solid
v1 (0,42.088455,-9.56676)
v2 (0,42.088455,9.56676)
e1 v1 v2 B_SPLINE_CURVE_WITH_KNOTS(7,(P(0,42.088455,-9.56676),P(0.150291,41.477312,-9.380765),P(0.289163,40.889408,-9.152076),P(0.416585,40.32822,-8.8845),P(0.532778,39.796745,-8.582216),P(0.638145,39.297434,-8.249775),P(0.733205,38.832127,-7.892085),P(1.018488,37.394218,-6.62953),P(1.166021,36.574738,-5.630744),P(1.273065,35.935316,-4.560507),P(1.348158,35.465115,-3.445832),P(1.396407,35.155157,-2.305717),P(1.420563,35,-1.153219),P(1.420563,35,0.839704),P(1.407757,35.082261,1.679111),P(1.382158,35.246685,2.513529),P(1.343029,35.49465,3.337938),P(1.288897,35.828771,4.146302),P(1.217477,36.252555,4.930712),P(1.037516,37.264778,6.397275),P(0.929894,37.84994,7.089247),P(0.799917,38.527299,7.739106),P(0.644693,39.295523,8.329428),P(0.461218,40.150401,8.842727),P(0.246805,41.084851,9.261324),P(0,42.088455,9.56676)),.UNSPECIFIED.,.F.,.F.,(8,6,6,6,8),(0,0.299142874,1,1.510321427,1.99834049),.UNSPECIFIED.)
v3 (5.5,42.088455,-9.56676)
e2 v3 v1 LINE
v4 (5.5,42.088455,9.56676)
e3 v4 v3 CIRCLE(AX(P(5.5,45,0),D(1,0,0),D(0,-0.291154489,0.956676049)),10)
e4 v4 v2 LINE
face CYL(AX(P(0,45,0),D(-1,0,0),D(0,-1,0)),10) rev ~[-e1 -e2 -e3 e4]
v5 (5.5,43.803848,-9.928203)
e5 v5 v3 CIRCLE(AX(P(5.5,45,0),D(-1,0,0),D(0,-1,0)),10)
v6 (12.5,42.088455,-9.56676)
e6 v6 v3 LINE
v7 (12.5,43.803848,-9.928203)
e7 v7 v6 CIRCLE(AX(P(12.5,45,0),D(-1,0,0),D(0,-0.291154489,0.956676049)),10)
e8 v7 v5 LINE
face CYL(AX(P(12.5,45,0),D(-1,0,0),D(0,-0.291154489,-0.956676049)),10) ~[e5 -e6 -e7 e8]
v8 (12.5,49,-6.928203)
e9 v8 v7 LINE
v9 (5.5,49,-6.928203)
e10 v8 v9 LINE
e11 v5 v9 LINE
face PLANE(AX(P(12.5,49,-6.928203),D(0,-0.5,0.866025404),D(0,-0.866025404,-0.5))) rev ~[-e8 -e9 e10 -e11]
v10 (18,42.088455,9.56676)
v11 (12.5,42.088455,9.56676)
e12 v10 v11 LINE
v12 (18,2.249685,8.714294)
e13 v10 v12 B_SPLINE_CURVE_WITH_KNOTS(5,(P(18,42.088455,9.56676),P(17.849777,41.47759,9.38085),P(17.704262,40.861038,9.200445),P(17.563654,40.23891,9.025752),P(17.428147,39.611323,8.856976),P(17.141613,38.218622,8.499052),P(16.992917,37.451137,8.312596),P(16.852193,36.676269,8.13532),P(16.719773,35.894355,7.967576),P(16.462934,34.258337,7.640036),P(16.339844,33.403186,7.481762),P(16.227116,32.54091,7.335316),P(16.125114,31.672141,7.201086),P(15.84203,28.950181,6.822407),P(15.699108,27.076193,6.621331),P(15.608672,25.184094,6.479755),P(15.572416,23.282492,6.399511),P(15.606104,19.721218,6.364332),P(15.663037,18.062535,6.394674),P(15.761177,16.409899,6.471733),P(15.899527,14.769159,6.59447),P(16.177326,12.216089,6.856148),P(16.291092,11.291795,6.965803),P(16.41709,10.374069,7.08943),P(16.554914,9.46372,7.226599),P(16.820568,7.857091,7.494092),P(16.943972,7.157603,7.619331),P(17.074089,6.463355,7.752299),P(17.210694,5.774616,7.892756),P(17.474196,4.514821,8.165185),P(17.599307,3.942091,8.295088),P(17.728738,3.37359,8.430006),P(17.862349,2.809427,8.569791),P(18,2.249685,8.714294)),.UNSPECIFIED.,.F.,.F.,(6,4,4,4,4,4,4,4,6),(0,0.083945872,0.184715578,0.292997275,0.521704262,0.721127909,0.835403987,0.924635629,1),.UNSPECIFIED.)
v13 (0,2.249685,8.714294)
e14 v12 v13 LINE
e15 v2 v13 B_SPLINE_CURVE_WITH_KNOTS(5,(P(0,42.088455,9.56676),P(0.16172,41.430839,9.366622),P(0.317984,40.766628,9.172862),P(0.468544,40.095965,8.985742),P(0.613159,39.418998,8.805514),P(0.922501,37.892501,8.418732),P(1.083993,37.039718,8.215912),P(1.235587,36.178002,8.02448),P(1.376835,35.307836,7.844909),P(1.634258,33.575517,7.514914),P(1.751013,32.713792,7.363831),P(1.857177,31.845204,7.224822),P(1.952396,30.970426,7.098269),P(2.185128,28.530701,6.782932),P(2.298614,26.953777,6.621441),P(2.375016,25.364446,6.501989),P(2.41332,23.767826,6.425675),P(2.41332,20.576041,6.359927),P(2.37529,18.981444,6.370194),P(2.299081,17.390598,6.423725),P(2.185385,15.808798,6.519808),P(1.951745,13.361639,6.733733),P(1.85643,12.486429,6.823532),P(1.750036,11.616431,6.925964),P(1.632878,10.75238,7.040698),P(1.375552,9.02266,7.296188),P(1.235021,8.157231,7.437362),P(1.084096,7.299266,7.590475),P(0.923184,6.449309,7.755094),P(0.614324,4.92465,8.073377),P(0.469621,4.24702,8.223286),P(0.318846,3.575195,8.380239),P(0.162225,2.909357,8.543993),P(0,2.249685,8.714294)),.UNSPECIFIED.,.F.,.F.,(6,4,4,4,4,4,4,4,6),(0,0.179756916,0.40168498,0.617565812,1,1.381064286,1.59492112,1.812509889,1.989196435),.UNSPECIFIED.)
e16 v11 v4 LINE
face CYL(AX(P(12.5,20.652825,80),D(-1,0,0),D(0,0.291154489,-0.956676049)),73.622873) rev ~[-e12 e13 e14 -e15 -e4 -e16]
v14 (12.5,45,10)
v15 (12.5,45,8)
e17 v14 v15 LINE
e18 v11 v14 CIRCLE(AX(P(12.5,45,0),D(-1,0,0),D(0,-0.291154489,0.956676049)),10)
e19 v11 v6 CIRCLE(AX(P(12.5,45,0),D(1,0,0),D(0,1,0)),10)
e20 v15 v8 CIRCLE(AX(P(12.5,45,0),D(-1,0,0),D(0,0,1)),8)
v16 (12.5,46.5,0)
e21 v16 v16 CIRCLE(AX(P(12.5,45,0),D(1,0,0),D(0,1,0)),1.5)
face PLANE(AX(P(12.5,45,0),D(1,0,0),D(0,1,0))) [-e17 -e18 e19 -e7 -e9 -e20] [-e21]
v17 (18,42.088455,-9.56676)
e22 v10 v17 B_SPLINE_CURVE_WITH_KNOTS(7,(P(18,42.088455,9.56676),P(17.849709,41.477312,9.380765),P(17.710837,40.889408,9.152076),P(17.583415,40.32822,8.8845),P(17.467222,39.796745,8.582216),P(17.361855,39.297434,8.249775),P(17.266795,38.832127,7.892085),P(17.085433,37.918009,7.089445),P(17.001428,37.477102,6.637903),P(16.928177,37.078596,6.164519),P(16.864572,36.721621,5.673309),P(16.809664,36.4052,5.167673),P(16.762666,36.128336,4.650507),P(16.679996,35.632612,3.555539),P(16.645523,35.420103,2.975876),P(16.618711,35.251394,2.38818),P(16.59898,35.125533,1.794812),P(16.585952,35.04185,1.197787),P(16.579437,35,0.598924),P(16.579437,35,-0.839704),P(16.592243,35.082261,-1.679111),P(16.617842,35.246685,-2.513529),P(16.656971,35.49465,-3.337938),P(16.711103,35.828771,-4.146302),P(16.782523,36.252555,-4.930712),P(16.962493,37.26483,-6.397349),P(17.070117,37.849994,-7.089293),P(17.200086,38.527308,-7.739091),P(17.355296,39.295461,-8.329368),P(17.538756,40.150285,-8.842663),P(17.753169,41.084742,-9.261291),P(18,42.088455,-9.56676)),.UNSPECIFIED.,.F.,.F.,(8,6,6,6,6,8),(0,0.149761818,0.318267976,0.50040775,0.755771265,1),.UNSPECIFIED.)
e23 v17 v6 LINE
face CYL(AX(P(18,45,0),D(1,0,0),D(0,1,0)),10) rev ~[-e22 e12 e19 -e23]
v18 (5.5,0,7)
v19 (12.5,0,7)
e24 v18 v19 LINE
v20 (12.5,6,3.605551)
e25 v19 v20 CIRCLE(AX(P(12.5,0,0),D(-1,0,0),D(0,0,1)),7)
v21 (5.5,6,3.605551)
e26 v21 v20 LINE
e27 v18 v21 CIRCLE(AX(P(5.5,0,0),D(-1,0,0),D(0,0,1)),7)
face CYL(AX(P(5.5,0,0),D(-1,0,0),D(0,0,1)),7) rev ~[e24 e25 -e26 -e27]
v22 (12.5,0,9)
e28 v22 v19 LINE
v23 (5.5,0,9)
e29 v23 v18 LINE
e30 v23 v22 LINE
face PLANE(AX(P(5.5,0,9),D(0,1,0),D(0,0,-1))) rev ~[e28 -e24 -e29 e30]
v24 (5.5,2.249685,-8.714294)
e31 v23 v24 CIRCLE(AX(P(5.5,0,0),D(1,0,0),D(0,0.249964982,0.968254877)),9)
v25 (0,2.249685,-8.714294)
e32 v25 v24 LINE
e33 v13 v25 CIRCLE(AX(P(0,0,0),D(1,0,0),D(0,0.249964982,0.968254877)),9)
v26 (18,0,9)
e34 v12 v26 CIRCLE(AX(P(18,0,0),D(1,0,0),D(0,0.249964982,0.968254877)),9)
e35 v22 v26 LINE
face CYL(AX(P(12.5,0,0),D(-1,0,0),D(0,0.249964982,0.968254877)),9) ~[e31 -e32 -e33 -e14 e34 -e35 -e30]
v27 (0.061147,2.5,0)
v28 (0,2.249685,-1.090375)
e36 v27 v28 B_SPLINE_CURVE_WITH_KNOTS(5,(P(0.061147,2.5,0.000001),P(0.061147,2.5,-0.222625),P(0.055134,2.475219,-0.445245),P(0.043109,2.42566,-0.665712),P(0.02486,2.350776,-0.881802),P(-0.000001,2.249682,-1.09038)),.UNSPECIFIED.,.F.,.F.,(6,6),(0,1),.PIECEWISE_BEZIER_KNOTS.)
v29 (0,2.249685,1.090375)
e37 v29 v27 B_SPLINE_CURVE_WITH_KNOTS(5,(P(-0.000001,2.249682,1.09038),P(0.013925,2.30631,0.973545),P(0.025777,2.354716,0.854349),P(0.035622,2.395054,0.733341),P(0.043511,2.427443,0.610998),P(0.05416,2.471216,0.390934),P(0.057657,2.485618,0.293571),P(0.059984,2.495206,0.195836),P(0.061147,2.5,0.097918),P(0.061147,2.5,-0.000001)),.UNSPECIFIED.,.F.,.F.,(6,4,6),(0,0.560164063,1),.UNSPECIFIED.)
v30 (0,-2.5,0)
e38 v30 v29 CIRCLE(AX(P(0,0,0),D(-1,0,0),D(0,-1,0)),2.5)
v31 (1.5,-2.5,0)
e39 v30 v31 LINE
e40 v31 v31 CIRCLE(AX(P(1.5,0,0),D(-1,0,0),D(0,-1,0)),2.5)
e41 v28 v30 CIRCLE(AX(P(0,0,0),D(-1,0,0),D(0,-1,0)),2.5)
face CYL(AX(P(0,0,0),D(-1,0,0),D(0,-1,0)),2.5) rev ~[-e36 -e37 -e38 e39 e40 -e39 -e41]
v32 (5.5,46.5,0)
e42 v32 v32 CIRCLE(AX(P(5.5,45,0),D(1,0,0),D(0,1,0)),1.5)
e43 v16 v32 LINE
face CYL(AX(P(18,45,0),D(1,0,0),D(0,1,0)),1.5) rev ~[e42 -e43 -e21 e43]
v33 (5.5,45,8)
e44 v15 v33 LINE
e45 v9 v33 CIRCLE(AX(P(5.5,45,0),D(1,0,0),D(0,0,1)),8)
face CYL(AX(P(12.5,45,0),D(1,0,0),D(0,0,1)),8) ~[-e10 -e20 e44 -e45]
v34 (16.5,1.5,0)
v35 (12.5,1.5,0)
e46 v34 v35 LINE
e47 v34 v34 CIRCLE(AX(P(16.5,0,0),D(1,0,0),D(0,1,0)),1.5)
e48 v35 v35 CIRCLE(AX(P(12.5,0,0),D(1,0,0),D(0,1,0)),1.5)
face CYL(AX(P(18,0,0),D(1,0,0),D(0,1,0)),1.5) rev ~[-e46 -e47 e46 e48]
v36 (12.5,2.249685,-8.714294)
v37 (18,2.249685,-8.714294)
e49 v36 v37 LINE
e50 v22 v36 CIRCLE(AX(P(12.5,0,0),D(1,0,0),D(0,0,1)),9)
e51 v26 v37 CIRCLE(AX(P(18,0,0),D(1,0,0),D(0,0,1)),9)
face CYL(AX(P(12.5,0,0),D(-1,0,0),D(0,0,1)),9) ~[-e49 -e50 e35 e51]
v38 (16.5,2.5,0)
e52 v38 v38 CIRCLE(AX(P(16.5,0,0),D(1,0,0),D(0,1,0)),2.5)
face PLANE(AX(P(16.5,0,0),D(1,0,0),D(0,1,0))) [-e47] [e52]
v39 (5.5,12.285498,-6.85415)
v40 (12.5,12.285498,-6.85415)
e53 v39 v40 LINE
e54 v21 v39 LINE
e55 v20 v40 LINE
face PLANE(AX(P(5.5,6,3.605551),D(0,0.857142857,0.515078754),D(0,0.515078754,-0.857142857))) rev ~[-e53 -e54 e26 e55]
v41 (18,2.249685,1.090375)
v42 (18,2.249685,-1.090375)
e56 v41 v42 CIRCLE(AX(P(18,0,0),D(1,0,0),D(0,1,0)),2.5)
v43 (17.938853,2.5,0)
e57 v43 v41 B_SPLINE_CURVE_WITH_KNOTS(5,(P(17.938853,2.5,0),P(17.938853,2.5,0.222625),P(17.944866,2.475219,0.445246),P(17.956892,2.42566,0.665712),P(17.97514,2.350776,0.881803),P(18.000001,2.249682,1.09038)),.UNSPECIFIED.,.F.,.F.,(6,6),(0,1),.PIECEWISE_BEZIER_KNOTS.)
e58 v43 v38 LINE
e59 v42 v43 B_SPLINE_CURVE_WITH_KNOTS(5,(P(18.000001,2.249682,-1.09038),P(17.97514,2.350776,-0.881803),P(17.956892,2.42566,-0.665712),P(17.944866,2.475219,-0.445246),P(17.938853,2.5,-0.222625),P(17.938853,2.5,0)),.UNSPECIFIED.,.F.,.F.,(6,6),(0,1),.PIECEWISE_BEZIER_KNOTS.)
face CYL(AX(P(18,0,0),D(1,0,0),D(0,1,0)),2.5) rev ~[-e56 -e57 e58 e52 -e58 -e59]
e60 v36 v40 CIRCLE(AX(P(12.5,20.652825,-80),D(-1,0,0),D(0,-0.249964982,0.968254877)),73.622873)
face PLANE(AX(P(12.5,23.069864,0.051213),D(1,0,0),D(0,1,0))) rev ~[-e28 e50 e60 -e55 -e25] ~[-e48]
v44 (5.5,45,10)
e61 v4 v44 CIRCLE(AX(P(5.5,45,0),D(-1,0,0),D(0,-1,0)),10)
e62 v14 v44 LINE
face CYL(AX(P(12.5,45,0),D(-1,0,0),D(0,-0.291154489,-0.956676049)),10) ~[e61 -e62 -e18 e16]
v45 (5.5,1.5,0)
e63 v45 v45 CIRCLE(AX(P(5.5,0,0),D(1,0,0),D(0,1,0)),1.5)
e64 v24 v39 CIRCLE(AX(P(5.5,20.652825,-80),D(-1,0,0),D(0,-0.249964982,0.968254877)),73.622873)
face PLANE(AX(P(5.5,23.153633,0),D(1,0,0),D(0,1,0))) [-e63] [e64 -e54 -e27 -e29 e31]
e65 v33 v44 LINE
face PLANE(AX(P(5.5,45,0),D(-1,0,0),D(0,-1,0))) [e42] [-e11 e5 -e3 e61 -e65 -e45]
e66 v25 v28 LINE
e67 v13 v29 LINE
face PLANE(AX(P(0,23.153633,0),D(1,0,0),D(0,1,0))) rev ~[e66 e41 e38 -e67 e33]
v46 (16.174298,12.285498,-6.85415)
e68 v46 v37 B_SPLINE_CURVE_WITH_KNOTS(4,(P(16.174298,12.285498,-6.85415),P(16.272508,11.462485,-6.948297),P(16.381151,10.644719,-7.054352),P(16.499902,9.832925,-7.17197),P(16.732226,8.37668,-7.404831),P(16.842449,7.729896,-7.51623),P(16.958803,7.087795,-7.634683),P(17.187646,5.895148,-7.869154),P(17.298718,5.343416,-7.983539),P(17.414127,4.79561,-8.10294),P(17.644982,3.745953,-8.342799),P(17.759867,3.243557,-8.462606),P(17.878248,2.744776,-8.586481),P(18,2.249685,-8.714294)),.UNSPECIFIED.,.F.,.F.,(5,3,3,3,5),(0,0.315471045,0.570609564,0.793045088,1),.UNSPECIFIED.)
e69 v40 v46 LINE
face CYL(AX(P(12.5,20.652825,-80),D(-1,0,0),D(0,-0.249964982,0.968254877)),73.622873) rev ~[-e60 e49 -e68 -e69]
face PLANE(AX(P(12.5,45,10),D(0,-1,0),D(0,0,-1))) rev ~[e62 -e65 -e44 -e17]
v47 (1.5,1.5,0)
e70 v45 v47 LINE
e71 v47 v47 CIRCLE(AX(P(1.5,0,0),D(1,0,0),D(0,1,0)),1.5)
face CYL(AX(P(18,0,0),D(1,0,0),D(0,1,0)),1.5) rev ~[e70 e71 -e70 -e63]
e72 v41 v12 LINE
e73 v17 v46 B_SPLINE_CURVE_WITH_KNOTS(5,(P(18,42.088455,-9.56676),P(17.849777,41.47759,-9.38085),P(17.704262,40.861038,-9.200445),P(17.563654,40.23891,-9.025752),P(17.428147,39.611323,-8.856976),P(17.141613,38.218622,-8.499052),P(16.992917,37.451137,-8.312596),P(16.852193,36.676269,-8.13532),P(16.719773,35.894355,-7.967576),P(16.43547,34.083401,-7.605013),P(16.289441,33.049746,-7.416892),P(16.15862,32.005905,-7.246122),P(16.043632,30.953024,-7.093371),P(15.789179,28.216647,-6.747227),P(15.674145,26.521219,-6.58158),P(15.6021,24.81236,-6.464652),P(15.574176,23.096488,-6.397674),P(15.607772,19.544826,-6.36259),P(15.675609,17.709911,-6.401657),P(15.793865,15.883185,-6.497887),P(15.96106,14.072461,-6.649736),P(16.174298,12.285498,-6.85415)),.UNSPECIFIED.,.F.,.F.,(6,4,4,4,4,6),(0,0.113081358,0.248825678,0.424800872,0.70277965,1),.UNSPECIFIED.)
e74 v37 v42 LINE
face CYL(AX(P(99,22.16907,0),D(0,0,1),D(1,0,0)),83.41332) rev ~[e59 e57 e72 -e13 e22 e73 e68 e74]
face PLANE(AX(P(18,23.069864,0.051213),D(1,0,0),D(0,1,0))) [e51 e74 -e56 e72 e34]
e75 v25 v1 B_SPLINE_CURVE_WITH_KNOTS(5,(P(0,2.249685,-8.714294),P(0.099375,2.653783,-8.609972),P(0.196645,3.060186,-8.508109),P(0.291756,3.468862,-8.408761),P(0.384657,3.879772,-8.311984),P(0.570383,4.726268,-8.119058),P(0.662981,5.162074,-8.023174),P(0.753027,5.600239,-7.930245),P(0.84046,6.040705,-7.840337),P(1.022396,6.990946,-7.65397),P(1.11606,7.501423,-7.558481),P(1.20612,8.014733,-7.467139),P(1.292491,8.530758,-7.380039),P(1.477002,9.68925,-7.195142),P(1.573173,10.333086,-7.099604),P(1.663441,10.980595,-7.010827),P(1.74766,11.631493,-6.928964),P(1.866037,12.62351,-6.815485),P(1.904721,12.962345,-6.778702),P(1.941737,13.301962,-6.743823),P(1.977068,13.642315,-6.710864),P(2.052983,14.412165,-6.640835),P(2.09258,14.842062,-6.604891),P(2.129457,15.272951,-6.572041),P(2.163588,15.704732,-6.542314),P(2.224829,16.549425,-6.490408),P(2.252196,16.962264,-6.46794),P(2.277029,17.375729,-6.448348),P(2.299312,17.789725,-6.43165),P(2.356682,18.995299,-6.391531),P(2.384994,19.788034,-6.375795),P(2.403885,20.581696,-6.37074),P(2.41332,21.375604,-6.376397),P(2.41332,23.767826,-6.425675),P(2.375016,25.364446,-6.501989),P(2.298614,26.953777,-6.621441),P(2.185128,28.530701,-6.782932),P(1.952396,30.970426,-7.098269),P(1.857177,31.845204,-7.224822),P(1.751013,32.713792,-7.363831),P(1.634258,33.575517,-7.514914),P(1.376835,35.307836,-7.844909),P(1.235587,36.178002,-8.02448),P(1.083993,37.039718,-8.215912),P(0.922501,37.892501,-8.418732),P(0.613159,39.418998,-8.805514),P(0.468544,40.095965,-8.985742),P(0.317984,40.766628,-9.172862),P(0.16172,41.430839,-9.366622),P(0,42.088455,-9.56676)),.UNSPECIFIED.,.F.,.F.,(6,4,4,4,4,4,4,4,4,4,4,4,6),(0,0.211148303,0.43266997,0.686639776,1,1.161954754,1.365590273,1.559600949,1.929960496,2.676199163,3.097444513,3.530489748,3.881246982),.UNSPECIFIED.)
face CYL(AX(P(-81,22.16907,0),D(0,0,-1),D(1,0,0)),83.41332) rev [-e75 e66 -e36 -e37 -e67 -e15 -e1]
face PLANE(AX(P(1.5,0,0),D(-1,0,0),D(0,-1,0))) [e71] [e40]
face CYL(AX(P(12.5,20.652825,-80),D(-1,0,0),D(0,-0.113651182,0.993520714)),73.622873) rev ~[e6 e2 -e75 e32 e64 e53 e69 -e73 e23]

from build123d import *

# Parameters (mm, degrees)
F1_DEPTH  = 5.5
F3_DEPTH  = 7
F5_DEPTH  = 5.5
F6_R      = 10
F7_DEPTH  = 5.5
F8_R      = 10
F9_DEPTH  = 5.5
F11_DEPTH = 12.501
F12_R     = 1.5
F13_DEPTH = 18.001
F14_R     = 2.5
F15_DEPTH = 1.5
F16_R     = 2.5
F17_DEPTH = 1.5
F18_R     = 83.4133197042
F19_DEPTH = 12.5


with BuildPart() as f1:
    # F0 (on Right) → F1 (new body)
    with BuildSketch(Plane.YZ):
        with BuildLine():
            ThreePointArc((42.0884551059, 9.566760493), (22.2278404433, 6.393975856), (2.2496848399, 8.7142938969))
            ThreePointArc((2.2496848399, 8.7142938969), (-9, 0), (2.2496848399, -8.7142938969))
            ThreePointArc((2.2496848399, -8.7142938969), (22.2278404433, -6.393975856), (42.0884551059, -9.566760493))
            ThreePointArc((42.0884551059, -9.566760493), (55, 0), (42.0884551059, 9.566760493))
        make_face()
    extrude(amount=F1_DEPTH)

    # F2 (on face) → F3 (join)
    with BuildSketch(Plane.YZ.offset(5.5)):
        with BuildLine():
            ThreePointArc((42.0884551059, 9.566760493), (22.2278404433, 6.393975856), (2.2496848399, 8.7142938969))
            ThreePointArc((2.2496848399, 8.7142938969), (1.1338771821, 8.9282877718), (0, 9))
            Line((0, 9), (0, 7))
            ThreePointArc((0, 7), (3.4468203516, 6.0925716626), (6, 3.6055512755))
            Line((6, 3.6055512755), (12.2854984686, -6.8541504262))
            ThreePointArc((12.2854984686, -6.8541504262), (27.3262576199, -6.6802021184), (42.0884551059, -9.566760493))
            ThreePointArc((42.0884551059, -9.566760493), (55, 0), (42.0884551059, 9.566760493))
        make_face()
    extrude(amount=F3_DEPTH)

    # F4 (on face) → F5 (join)
    with BuildSketch(Plane.YZ.offset(12.5)):
        with BuildLine():
            ThreePointArc((2.2496848399, 8.7142938969), (1.1338771821, 8.9282877718), (0, 9))
            ThreePointArc((0, 9), (-8.9282877718, -1.1338771821), (2.2496848399, -8.7142938969))
            ThreePointArc((2.2496848399, -8.7142938969), (7.235317588, -7.610097682), (12.2854984686, -6.8541504262))
            ThreePointArc((12.2854984686, -6.8541504262), (27.3262576199, -6.6802021184), (42.0884551059, -9.566760493))
            ThreePointArc((42.0884551059, -9.566760493), (55, 0), (42.0884551059, 9.566760493))
            ThreePointArc((42.0884551059, 9.566760493), (22.2278404433, 6.393975856), (2.2496848399, 8.7142938969))
        make_face()
    extrude(amount=F5_DEPTH)

    # F6 (on face) → F7 (cut)
    with BuildSketch(Plane.YZ.offset(18)):
        with Locations((45, 0)):
            Circle(F6_R)
    extrude(amount=-F7_DEPTH, mode=Mode.SUBTRACT)

    # F8 (on face) → F9 (cut)
    with BuildSketch(Plane(origin=(0, 0, 0), x_dir=(0, -1, 0), z_dir=(-1, 0, 0))):
        with Locations((-45, 0)):
            Circle(F8_R)
    extrude(amount=-F9_DEPTH, mode=Mode.SUBTRACT)

    # F10 (on face) → F11 (cut, through all)
    with BuildSketch(Plane.YZ.offset(12.5)):
        with BuildLine():
            ThreePointArc((45, 8), (52.7274066103, 2.0705523608), (49, -6.9282032303))
            Line((49, -6.9282032303), (43.8038475773, -9.9282032303))
            ThreePointArc((43.8038475773, -9.9282032303), (54.9820346699, -0.5991526088), (45, 10))
            Line((45, 10), (45, 8))
        make_face()
    extrude(amount=-F11_DEPTH, mode=Mode.SUBTRACT)

    # F12 (on face) → F13 (cut, through all)
    with BuildSketch(Plane.YZ.offset(18)):
        Circle(F12_R)
        with Locations((45, 0)):
            Circle(F12_R)
    extrude(amount=-F13_DEPTH, mode=Mode.SUBTRACT)

    # F14 (on face) → F15 (cut)
    with BuildSketch(Plane.YZ.offset(18)):
        Circle(F14_R)
    extrude(amount=-F15_DEPTH, mode=Mode.SUBTRACT)

    # F16 (on face) → F17 (cut)
    with BuildSketch(Plane(origin=(0, 0, 0), x_dir=(0, -1, 0), z_dir=(-1, 0, 0))):
        Circle(F16_R)
    extrude(amount=-F17_DEPTH, mode=Mode.SUBTRACT)

    # F18 (on Top) → F19 (cut, symmetric)
    with BuildSketch(Plane.XY):
        with Locations((-81, 22.1690699729)):
            Circle(F18_R)
        with Locations((99, 22.1690699729)):
            Circle(F18_R)
    extrude(amount=F19_DEPTH, both=True, mode=Mode.SUBTRACT)


solid = f1.part
